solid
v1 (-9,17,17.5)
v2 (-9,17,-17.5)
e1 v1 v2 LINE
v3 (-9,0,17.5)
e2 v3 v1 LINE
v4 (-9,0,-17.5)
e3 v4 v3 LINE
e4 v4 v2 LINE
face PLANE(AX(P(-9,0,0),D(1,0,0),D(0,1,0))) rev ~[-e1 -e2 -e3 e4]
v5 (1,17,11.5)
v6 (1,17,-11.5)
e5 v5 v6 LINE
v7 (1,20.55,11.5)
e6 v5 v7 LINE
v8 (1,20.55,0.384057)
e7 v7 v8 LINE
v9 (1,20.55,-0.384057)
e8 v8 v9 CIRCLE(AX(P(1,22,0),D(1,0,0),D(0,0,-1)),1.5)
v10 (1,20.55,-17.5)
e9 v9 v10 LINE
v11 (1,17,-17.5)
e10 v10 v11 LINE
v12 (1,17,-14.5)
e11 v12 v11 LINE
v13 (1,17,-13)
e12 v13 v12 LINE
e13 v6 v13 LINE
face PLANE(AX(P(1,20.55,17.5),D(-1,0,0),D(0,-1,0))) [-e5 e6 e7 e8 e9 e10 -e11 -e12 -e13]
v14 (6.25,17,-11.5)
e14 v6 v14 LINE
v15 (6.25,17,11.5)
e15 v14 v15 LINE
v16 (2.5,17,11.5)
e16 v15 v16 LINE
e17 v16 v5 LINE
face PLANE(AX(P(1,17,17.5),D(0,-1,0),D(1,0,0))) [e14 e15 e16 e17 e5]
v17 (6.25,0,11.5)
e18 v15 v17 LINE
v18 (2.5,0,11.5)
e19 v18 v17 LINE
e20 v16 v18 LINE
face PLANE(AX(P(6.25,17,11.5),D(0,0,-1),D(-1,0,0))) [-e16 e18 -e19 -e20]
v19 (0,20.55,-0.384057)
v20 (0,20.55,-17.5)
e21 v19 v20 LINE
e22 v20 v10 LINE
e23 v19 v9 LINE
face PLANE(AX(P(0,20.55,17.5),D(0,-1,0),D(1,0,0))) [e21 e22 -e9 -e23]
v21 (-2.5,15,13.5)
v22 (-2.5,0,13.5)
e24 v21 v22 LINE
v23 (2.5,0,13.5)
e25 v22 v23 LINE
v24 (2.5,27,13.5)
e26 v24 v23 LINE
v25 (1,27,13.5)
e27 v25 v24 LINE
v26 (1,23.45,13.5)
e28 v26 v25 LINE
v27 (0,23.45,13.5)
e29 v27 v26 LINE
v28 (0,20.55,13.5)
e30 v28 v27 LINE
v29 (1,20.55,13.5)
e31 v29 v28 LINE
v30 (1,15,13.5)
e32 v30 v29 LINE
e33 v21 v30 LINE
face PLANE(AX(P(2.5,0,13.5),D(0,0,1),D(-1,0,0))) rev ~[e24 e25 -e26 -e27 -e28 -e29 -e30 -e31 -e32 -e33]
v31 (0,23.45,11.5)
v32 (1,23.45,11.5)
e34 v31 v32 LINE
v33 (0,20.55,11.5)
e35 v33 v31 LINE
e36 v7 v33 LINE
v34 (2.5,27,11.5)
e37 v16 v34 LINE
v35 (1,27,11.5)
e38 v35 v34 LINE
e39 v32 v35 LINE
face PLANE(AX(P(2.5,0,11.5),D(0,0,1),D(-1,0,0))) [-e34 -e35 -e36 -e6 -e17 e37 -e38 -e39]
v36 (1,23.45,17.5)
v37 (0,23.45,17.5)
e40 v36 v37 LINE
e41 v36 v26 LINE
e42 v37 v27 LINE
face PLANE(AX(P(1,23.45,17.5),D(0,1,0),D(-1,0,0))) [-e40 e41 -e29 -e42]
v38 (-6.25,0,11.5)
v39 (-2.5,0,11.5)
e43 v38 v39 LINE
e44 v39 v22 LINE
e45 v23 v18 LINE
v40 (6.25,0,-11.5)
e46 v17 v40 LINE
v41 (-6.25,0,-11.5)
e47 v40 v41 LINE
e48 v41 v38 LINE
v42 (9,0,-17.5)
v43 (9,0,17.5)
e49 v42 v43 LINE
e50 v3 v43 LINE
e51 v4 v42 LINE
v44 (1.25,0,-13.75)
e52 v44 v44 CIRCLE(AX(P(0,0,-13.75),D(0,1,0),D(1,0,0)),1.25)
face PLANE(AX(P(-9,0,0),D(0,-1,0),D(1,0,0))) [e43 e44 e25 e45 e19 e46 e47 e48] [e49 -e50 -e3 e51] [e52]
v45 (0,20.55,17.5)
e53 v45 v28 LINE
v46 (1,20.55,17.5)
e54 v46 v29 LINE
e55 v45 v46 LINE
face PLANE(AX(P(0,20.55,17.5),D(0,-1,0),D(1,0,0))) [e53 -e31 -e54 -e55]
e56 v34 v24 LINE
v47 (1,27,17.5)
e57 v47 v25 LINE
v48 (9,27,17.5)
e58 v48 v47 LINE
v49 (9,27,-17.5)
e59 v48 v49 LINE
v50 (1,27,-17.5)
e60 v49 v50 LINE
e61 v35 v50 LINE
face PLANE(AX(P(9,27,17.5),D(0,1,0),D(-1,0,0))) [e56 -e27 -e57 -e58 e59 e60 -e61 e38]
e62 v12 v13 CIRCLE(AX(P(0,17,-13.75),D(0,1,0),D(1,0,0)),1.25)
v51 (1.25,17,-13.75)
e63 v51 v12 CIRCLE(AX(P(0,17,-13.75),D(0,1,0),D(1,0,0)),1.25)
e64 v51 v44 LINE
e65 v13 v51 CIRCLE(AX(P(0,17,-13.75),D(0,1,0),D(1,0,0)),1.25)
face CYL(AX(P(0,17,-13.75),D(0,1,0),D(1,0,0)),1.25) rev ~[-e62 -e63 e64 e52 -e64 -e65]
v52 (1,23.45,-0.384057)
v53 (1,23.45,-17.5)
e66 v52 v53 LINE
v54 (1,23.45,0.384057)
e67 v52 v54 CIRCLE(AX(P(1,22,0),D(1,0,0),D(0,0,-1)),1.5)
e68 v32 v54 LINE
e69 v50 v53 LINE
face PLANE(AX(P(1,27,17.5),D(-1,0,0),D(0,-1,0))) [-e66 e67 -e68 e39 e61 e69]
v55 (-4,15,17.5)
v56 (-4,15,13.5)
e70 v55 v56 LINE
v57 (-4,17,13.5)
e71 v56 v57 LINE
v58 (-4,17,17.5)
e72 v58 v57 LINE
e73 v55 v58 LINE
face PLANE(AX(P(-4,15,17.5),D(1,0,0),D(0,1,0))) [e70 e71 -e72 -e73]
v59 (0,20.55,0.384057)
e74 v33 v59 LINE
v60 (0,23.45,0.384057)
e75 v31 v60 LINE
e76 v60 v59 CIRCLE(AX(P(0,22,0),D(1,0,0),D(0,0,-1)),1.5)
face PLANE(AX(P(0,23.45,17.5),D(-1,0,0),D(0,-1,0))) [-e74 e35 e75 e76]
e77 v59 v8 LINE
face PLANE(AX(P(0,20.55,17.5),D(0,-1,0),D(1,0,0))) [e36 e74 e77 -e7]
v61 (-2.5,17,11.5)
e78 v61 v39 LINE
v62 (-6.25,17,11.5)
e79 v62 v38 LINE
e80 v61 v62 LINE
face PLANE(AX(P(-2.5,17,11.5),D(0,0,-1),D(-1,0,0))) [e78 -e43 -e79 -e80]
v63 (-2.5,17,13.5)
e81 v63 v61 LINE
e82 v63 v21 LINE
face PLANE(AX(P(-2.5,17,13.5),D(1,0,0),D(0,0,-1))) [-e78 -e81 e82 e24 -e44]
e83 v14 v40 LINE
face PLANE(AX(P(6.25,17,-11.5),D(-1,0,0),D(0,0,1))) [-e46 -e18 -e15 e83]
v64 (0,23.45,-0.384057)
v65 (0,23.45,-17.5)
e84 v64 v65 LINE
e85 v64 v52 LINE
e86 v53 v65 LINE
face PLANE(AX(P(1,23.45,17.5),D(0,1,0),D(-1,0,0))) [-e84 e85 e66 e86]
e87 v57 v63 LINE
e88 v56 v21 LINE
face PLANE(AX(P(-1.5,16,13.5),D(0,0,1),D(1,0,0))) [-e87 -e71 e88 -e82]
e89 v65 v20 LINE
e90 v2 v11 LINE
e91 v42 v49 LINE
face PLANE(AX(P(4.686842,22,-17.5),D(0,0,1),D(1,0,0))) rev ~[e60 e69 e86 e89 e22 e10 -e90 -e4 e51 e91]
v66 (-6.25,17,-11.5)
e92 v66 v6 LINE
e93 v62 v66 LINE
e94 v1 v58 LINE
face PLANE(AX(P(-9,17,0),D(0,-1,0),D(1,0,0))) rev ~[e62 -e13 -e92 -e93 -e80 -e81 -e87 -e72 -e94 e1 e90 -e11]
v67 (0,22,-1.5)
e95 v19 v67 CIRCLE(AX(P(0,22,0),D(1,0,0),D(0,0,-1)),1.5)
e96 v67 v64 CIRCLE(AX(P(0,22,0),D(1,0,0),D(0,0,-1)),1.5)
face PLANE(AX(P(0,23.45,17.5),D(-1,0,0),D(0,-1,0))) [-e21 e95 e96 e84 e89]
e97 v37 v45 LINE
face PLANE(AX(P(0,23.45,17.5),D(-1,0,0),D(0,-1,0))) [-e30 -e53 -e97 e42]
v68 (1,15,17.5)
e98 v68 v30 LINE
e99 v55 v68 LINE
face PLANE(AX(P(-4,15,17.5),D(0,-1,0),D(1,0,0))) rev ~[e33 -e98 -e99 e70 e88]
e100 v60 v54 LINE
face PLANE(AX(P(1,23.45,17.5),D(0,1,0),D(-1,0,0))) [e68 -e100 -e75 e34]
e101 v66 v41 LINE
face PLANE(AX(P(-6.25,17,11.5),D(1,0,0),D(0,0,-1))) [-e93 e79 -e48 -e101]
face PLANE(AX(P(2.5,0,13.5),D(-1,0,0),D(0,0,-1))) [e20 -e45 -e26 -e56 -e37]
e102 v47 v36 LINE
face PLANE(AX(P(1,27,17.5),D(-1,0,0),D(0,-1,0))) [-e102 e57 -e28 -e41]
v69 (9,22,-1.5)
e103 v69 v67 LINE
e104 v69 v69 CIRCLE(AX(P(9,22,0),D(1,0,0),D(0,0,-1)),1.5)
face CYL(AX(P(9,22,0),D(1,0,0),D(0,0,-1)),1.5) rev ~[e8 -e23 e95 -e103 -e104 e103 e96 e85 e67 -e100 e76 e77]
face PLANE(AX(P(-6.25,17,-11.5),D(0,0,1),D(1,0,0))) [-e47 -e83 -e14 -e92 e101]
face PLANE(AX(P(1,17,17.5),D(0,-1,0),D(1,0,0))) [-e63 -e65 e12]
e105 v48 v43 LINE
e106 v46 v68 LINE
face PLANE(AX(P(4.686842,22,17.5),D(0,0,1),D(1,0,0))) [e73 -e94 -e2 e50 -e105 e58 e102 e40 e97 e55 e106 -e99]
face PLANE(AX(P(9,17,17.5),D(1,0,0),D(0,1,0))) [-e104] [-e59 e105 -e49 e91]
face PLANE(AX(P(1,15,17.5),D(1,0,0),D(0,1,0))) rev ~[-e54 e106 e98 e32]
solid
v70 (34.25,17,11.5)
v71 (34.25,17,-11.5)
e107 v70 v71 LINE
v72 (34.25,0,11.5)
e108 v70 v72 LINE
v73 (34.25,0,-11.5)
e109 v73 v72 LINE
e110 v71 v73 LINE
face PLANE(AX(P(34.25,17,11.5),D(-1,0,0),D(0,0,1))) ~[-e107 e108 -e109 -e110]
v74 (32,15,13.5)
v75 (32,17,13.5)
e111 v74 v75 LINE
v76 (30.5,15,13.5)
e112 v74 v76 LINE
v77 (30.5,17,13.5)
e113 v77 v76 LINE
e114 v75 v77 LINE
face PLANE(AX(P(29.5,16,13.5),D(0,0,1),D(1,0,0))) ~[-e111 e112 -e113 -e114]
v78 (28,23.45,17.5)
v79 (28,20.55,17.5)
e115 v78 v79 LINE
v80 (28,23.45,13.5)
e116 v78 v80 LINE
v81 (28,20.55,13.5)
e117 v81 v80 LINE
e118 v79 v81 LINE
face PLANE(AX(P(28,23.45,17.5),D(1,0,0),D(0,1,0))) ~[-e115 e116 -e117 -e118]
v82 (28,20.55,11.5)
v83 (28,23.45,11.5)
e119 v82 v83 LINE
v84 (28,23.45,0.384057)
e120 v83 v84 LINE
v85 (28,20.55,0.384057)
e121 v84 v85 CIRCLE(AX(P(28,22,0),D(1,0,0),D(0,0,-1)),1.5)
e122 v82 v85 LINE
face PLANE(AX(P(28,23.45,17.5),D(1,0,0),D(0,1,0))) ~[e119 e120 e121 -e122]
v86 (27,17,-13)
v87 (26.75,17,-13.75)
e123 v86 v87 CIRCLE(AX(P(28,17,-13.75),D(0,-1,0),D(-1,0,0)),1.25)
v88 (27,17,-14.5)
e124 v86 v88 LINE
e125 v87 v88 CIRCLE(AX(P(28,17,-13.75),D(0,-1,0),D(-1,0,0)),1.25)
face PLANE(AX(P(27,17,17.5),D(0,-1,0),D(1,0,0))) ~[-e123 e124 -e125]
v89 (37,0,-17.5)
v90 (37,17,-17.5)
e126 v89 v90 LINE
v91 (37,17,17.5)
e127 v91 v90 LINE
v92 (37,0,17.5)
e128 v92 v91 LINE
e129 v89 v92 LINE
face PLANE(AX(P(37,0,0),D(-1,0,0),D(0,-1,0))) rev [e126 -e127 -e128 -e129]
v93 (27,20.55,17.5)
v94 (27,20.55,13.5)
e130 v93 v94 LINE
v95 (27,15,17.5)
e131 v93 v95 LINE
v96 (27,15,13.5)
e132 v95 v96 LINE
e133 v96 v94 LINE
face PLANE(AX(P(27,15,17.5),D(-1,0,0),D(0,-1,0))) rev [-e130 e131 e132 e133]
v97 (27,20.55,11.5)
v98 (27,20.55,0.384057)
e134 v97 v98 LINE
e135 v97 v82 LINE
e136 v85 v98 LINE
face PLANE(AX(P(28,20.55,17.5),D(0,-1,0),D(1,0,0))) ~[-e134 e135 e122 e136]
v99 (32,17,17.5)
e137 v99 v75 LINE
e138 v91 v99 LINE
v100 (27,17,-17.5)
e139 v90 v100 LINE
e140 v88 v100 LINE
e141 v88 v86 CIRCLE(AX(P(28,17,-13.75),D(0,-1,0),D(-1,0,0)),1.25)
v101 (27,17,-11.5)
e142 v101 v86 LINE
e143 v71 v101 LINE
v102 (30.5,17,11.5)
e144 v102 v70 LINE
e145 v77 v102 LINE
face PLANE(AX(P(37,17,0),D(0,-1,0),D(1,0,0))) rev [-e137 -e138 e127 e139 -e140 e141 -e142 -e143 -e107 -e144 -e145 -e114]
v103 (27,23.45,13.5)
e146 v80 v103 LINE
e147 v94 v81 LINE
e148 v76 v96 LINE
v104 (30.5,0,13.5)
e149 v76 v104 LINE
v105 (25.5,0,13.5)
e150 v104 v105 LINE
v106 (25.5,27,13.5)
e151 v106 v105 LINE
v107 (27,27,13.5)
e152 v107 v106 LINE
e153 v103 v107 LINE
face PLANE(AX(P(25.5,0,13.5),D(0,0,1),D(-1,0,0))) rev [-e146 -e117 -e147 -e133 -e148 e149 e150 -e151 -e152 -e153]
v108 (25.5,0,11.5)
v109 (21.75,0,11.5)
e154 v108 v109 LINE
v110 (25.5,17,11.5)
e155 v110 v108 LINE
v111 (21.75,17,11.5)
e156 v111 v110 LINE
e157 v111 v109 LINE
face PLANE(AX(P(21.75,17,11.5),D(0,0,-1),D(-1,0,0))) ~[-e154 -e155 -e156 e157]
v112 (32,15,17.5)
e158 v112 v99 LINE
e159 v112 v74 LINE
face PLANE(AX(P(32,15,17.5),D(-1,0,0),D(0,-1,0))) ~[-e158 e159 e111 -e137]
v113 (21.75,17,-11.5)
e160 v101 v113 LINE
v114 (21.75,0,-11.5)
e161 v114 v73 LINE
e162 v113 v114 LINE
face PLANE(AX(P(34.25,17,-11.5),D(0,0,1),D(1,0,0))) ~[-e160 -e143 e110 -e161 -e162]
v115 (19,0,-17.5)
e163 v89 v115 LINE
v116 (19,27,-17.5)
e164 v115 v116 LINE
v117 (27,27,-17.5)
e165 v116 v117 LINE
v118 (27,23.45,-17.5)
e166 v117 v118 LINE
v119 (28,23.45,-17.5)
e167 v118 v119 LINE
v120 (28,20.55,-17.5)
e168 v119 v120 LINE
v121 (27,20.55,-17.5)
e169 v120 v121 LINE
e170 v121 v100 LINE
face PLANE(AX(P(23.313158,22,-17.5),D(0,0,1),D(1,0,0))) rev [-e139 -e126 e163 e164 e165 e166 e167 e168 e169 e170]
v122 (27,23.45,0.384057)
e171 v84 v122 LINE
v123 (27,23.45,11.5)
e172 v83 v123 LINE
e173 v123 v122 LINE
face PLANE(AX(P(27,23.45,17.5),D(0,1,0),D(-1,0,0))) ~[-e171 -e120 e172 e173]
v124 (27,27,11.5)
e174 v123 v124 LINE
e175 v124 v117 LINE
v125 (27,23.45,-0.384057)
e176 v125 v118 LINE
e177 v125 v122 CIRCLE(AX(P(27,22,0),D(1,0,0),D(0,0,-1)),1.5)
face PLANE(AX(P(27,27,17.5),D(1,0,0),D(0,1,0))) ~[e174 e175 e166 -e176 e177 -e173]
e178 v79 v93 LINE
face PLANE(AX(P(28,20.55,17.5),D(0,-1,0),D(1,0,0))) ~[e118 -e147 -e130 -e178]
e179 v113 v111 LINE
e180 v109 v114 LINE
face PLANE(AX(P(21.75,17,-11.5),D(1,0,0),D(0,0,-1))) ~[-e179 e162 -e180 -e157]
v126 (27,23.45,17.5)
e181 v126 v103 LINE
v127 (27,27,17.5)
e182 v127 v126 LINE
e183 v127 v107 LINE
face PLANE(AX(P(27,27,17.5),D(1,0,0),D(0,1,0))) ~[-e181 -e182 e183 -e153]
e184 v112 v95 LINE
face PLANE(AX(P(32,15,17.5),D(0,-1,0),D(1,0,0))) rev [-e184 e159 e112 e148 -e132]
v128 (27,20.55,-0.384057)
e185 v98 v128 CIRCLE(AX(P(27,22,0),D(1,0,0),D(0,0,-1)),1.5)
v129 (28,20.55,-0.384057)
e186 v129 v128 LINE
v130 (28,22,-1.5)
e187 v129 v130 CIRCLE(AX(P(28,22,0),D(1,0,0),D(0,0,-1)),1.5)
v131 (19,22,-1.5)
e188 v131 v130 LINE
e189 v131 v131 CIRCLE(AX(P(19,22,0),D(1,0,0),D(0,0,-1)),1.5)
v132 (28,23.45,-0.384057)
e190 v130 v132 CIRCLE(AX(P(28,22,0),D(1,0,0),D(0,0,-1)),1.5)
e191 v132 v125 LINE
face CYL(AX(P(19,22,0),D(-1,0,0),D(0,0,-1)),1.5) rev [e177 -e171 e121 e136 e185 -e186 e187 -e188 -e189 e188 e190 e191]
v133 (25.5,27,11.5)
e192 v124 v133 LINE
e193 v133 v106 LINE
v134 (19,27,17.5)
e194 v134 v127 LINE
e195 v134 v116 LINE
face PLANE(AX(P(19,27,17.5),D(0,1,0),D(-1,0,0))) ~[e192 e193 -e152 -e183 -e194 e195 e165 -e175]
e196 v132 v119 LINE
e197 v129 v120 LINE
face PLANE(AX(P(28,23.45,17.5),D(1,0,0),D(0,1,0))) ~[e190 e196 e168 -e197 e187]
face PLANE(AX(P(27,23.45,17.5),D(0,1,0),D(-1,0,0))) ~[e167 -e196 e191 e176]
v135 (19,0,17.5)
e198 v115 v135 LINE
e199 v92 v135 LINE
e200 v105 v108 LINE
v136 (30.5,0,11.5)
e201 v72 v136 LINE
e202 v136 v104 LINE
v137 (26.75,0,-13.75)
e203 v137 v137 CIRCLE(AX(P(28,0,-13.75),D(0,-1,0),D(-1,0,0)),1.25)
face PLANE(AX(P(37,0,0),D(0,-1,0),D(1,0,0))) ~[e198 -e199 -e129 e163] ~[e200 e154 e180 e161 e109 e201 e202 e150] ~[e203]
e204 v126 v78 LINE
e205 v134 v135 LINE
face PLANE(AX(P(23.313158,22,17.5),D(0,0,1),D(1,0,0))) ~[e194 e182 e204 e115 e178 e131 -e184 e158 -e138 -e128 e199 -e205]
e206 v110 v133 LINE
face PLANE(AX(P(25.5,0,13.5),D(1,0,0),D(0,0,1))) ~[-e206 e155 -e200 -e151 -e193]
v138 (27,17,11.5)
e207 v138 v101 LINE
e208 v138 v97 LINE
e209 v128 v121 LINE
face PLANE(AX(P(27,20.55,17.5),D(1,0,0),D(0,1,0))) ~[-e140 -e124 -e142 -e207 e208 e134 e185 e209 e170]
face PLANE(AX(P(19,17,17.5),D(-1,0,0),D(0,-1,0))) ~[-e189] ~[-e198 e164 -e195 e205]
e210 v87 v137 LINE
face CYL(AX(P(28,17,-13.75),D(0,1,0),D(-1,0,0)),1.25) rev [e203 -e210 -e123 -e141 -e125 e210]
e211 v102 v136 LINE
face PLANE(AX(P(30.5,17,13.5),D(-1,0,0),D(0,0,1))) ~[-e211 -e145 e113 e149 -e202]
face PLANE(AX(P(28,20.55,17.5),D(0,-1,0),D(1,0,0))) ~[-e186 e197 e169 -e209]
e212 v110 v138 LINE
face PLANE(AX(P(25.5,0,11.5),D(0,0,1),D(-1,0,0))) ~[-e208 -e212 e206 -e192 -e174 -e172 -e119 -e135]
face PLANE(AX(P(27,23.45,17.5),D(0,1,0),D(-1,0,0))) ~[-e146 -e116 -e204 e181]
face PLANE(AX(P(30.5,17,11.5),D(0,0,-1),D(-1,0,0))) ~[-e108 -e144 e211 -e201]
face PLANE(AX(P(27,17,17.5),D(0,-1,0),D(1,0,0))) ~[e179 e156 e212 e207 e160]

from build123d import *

# Parameters (mm, degrees)
SKETCH1_W             = 18
SKETCH1_H             = 17
MAIN_DEPTH            = 17.5
SKETCH2_R             = 1.25
FIXINGHOLE_DEPTH      = 18
SERVOSQUAREHOLE_DEPTH = 18
BOSS_EXTRUDE1_DEPTH   = 35
SKETCH5_R             = 1.5
CUT_EXTRUDE1_DEPTH    = 19
SKETCH6_W             = 5
SKETCH6_H             = 2
CUT_EXTRUDE2_DEPTH    = 28
SKETCH7_W             = 5
SKETCH7_H             = 2
CUT_EXTRUDE3_DEPTH    = 4


with BuildPart() as part:
    # Sketch1 → Main (new body, symmetric)
    with BuildSketch(Plane.XY):
        with Locations((0, 8.5)):
            Rectangle(SKETCH1_W, SKETCH1_H)
    extrude(amount=MAIN_DEPTH, both=True)

    # Sketch2 → FixingHole (cut, through all)
    with BuildSketch(Plane(origin=(0, 17, 0), x_dir=(1, 0, 0), z_dir=(0, 1, 0))):
        with Locations((0, 13.75)):
            Circle(SKETCH2_R)
    extrude(amount=-FIXINGHOLE_DEPTH, mode=Mode.SUBTRACT)

    # Sketch3 → ServoSquareHole (cut, through all)
    with BuildSketch(Plane(origin=(0, 17, 0), x_dir=(1, 0, 0), z_dir=(0, 1, 0))):
        Polygon((-6.25, 11.5), (6.25, 11.5), (6.25, -11.5), (2.5, -11.5), (2.5, -13.5), (-2.5, -13.5), (-2.5, -11.5), (-6.25, -11.5), align=None)
    extrude(amount=-SERVOSQUAREHOLE_DEPTH, mode=Mode.SUBTRACT)

    # Sketch4 → Boss-Extrude1 (add)
    with BuildSketch(Plane.XY.offset(17.5)):
        Polygon((9, 17), (9, 27), (1, 27), (1, 23.45), (0, 23.45), (0, 20.55), (1, 20.55), (1, 17), align=None)
    extrude(amount=-BOSS_EXTRUDE1_DEPTH)

    # Sketch5 → Cut-Extrude1 (cut, through all)
    with BuildSketch(Plane(origin=(9, 0, 0), x_dir=(0, 0, -1), z_dir=(1, 0, 0))):
        with Locations((0, 22)):
            Circle(SKETCH5_R)
    extrude(amount=-CUT_EXTRUDE1_DEPTH, mode=Mode.SUBTRACT)

    # Sketch6 → Cut-Extrude2 (cut, through all)
    with BuildSketch(Plane(origin=(0, 0, 0), x_dir=(-1, 0, 0), z_dir=(0, -1, 0))):
        with Locations((0, -12.5)):
            Rectangle(SKETCH6_W, SKETCH6_H)
    extrude(amount=-CUT_EXTRUDE2_DEPTH, mode=Mode.SUBTRACT)

    # Sketch7 → Cut-Extrude3 (cut)
    with BuildSketch(Plane.XY.offset(17.5)):
        with Locations((-1.5, 16)):
            Rectangle(SKETCH7_W, SKETCH7_H)
    extrude(amount=-CUT_EXTRUDE3_DEPTH, mode=Mode.SUBTRACT)


with BuildPart() as body_2:
    # Mirror1: mirrored copy
    add(part.part.mirror(Plane(origin=(14, 0, 0), x_dir=(0, 0, 1), z_dir=(1, 0, 0))))


solid = Compound([part.part, body_2.part])
